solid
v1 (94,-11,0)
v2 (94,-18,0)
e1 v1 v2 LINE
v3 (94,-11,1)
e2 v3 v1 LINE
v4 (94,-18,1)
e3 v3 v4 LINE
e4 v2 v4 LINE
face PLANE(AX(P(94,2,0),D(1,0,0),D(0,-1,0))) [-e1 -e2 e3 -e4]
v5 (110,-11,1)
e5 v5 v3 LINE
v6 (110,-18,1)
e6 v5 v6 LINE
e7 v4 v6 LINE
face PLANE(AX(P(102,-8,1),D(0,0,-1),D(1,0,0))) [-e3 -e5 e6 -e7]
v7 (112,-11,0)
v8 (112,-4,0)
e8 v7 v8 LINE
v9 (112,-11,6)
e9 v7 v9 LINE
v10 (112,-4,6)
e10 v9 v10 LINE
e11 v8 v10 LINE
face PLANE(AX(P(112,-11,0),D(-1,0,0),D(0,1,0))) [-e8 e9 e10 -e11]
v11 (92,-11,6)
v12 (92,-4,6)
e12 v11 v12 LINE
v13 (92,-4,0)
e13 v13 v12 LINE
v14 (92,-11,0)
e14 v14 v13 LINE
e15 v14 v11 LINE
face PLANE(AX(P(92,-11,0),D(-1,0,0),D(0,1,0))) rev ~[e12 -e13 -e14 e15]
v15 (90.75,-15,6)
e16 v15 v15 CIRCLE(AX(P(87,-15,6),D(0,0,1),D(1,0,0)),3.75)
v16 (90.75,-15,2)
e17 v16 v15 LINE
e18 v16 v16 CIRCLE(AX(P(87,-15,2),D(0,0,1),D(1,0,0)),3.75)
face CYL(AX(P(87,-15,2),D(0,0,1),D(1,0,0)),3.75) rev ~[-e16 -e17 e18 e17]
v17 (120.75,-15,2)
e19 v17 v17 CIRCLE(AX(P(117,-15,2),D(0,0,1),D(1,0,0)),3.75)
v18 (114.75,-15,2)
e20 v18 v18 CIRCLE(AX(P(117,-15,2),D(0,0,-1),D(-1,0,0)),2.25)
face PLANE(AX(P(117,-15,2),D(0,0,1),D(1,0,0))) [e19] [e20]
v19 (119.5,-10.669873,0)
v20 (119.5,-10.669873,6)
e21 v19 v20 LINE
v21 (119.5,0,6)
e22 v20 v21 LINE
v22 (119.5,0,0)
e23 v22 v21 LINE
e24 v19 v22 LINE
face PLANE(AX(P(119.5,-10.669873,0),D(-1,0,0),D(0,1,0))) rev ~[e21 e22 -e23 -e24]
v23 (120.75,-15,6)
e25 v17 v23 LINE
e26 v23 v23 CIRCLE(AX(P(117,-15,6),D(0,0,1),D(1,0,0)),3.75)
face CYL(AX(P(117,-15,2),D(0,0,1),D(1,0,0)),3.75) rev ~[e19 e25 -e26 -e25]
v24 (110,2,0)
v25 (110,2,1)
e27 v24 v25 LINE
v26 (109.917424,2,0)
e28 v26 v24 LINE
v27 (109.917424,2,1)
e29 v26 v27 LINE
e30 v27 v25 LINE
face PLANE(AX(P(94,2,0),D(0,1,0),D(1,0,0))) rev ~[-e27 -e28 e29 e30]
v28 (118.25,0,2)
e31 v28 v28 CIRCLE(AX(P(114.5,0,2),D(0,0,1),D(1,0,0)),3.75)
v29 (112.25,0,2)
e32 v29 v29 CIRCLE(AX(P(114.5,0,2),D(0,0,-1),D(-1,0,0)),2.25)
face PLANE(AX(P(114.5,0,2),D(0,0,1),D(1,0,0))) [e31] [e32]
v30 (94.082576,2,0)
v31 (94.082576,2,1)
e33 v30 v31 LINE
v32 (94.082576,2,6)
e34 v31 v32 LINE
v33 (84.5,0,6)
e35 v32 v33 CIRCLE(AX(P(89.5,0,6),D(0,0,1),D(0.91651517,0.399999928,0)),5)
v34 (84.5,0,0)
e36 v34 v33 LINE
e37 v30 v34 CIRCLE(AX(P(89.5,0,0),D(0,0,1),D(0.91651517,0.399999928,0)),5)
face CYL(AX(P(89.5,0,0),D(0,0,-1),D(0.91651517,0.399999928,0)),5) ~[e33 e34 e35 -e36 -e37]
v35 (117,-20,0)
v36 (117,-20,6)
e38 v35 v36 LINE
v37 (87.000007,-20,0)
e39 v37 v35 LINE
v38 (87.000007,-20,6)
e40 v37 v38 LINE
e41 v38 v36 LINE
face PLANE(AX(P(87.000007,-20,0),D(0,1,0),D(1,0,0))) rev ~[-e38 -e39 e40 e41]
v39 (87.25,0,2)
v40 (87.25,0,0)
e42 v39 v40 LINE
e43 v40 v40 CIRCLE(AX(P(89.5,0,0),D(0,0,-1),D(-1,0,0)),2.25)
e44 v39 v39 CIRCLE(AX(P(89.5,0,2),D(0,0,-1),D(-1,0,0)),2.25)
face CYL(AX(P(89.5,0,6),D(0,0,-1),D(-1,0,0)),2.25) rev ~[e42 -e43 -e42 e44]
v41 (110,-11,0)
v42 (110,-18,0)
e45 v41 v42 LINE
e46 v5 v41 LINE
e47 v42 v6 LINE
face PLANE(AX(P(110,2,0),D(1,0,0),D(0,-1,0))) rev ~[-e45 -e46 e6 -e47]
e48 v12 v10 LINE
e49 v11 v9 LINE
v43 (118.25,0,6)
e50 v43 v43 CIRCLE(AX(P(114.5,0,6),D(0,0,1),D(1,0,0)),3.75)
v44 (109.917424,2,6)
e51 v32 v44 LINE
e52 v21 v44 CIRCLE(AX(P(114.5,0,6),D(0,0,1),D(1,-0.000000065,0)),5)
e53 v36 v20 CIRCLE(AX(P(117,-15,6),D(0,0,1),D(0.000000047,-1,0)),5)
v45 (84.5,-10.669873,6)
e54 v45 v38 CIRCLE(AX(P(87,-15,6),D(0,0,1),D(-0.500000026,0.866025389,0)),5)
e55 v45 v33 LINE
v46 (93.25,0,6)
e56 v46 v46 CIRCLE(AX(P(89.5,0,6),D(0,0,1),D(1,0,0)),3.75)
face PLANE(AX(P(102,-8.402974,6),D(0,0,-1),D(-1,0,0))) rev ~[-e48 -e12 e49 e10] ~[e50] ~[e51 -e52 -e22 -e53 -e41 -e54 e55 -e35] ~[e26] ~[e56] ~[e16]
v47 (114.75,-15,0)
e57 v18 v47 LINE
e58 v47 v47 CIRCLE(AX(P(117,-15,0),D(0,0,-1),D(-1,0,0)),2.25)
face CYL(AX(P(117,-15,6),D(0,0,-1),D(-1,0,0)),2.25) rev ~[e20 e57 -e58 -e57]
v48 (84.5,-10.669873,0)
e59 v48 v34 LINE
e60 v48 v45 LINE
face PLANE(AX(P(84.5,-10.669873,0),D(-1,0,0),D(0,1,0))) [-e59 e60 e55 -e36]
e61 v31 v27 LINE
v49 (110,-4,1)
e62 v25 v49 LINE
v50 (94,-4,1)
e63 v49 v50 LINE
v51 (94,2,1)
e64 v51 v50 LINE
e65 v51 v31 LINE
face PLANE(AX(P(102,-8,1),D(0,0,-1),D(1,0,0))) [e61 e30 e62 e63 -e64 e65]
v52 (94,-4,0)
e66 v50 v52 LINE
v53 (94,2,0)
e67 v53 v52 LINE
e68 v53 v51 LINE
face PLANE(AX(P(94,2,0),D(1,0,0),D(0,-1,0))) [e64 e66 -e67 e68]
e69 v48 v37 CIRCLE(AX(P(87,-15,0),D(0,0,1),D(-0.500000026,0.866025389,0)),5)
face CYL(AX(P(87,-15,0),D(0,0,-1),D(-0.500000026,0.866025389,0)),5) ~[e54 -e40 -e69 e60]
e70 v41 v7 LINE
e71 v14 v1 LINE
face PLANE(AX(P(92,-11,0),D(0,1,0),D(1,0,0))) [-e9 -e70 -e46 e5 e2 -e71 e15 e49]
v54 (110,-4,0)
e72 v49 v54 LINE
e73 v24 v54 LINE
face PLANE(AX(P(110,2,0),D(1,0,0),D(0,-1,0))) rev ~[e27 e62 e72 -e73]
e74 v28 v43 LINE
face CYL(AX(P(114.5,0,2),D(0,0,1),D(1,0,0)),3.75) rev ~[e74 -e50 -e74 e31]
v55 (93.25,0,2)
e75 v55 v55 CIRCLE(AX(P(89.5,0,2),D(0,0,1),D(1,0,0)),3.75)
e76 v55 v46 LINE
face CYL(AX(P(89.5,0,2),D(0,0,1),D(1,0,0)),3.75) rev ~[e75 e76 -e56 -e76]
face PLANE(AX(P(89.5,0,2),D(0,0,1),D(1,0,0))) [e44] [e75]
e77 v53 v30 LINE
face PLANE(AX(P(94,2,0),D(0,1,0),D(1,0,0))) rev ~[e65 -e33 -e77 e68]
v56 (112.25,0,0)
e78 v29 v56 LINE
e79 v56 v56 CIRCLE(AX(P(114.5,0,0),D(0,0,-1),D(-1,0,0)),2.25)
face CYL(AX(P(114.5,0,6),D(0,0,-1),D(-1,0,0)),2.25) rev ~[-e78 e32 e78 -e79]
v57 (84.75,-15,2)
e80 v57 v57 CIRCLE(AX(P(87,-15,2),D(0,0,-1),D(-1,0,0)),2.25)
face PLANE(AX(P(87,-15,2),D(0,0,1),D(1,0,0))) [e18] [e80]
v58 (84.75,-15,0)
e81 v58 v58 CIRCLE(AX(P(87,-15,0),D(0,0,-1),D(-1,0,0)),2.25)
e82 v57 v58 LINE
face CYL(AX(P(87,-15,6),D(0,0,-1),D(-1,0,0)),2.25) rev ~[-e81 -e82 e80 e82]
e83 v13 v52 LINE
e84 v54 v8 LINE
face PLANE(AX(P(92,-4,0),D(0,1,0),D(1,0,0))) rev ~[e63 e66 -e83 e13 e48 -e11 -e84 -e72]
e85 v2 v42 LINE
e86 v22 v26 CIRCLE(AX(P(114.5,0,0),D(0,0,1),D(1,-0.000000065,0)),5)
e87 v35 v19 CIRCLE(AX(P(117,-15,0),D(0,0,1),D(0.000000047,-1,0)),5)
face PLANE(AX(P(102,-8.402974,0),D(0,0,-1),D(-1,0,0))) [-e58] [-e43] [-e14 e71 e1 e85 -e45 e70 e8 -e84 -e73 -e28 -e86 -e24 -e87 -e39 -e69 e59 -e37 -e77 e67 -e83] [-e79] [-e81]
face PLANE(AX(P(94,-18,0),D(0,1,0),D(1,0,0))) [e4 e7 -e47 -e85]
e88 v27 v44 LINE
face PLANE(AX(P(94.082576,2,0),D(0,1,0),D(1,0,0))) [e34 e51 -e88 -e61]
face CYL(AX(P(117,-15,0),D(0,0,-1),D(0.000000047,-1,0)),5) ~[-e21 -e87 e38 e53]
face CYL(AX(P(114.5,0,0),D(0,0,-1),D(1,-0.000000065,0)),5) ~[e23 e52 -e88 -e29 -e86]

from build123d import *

# Parameters (mm, degrees)
SKETCH155_W         = 20
SKETCH155_H         = 7
PAD067_DEPTH        = 6
HOLE009_D           = 4.5
HOLE009_DEPTH       = 25
HOLE009_CBORE_D     = 7.5
HOLE009_CBORE_DEPTH = 4
SKETCH275_W         = 16
SKETCH275_H         = 20
POCKET114_DEPTH     = 1


with BuildPart() as part:
    # Sketch155 → Pad067 (new body)
    with BuildSketch(Plane.XY):
        with BuildLine():
            Line((-7.917424, 2), (7.917424, 2))
            ThreePointArc((17.5, 0), (13.521548, 4.894532), (7.917424, 2))
            Line((17.5, -10.669873), (17.5, 0))
            ThreePointArc((15, -20), (19.829629, -16.294095), (17.5, -10.669873))
            Line((-14.999993, -20), (15, -20))
            ThreePointArc((-17.5, -10.669873), (-19.829628, -16.294099), (-14.999993, -20))
            Line((-17.5, -10.669873), (-17.5, 0))
            ThreePointArc((-7.917424, 2), (-13.521548, 4.894532), (-17.5, 0))
        make_face()
        with Locations((0, -7.5)):
            Rectangle(SKETCH155_W, SKETCH155_H, mode=Mode.SUBTRACT)
    extrude(amount=PAD067_DEPTH)

    # Hole009
    with Locations(Plane.XY.offset(6)):
        with Locations((-12.5, 0), (12.5, 0), (15, -15), (-15, -15)):
            CounterBoreHole(HOLE009_D / 2, HOLE009_CBORE_D / 2, HOLE009_CBORE_DEPTH, depth=HOLE009_DEPTH)

    # Sketch275 (on Face4 of Hole009) → Pocket114 (cut)
    with BuildSketch(Plane(origin=(0, 0, 0), x_dir=(1, 0, 0), z_dir=(0, 0, -1))):
        with Locations((0, 8)):
            Rectangle(SKETCH275_W, SKETCH275_H)
    extrude(amount=-POCKET114_DEPTH, mode=Mode.SUBTRACT)


with BuildPart() as part_1:
    # Body019 placement: moved
    add(part.part.moved(Location((102, 0, 0))))


solid = part_1.part
